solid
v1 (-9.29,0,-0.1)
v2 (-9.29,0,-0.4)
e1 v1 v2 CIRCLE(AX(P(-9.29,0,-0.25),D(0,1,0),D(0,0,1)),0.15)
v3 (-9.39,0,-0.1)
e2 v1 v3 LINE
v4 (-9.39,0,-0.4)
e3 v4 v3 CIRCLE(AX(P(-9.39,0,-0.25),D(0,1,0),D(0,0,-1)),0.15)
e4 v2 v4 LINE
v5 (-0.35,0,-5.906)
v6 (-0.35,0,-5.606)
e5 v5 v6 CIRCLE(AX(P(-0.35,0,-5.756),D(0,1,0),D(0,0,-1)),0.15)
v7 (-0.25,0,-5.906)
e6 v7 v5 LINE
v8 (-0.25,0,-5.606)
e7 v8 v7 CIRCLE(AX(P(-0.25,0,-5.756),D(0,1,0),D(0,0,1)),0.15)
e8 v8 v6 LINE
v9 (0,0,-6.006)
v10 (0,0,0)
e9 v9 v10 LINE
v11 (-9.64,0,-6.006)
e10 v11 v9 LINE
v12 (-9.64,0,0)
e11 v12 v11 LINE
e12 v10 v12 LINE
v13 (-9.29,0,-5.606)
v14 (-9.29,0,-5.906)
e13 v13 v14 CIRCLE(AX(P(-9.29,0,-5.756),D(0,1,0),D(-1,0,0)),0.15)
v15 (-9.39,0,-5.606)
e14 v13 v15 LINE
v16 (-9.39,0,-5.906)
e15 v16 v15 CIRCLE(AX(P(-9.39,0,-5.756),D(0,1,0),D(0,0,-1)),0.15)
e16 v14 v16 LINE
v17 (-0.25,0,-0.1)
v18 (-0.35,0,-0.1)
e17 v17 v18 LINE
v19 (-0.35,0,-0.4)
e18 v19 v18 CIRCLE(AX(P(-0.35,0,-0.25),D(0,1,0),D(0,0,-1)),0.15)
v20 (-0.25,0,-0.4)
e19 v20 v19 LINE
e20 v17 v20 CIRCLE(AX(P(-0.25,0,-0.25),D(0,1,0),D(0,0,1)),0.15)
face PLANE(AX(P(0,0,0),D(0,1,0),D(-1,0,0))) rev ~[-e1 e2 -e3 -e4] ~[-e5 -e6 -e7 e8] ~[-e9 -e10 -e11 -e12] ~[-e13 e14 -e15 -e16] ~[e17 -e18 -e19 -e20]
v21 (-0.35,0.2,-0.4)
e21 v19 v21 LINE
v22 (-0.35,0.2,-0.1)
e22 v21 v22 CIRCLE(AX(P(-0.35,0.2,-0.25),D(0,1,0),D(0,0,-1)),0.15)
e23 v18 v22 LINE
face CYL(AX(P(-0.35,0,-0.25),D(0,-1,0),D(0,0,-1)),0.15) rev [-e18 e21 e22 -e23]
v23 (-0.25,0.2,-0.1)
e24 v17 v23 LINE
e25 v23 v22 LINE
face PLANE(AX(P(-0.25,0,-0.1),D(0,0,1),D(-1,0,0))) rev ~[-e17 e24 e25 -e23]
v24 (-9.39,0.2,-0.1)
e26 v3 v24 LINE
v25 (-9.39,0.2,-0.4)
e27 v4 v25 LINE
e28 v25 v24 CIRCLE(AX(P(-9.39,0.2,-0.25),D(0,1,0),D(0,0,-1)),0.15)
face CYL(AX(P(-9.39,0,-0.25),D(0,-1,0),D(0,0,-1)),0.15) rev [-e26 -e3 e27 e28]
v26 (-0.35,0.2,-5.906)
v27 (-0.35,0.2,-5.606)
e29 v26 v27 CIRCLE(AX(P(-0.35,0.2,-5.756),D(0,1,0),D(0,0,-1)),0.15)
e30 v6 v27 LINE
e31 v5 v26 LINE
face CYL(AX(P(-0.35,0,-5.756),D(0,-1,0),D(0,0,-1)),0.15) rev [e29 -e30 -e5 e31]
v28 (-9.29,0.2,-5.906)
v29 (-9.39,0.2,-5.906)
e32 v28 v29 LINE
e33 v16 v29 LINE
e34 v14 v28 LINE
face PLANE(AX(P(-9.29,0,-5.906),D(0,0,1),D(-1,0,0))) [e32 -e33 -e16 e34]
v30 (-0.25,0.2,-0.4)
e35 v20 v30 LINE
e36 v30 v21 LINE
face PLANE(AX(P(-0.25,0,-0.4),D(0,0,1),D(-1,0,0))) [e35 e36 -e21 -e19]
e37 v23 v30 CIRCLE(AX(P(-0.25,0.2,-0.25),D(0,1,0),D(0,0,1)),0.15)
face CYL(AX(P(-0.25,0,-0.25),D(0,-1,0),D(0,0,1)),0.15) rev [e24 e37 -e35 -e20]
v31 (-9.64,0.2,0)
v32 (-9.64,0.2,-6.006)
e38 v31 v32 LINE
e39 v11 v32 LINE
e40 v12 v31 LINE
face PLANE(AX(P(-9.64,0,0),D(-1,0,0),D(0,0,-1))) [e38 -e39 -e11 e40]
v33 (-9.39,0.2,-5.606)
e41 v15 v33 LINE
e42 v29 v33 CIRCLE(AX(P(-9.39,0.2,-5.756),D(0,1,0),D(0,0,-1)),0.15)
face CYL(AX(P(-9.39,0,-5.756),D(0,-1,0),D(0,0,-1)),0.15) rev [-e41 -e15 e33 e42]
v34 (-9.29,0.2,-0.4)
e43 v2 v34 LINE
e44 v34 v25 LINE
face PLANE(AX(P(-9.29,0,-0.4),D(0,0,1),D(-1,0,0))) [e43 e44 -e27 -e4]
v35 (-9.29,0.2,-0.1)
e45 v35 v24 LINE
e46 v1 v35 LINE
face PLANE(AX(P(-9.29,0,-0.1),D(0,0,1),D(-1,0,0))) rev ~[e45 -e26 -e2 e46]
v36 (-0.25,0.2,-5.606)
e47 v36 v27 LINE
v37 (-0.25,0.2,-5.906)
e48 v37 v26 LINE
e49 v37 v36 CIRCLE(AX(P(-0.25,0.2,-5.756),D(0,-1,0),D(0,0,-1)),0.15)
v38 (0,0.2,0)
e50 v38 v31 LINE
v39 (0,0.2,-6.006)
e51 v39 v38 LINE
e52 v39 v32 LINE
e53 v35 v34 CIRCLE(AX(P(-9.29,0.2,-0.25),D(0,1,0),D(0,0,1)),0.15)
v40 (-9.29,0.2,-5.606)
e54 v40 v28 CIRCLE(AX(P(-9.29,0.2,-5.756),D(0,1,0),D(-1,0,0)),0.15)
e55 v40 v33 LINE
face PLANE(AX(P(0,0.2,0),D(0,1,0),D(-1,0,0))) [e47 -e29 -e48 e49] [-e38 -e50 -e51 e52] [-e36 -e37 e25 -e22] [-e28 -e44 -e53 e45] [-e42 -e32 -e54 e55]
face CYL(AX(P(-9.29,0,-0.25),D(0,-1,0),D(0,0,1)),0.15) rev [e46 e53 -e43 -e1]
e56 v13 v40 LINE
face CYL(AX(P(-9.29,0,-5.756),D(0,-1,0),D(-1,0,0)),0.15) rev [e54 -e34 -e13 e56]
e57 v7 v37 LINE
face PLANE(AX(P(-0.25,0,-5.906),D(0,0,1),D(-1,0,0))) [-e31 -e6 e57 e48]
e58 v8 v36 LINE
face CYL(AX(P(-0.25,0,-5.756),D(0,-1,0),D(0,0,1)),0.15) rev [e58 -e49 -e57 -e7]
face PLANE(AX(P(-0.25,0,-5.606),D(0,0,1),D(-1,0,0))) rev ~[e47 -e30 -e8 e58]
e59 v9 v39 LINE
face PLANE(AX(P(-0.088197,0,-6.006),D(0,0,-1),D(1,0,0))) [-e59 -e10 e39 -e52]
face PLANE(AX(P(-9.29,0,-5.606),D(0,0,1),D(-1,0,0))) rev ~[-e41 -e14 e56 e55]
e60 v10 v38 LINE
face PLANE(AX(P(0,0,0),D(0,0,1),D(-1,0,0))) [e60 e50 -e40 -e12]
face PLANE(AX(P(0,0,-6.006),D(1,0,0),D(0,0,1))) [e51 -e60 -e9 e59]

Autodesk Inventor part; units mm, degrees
ref_plane "YZ Plane" through (0, 0, 0) normal (1, 0, 0) x (0, 1, 0)
ref_plane "XZ Plane" through (0, 0, 0) normal (0, 1, 0) x (-1, 0, 0)
sketch "Boceto6" plane through (0, 0, 0) normal (0, 1, 0) x (-1, 0, 0)
  line L0 (0, 0) -> (9.64, 0)
  line L1 (9.64, 0) -> (9.64, -6.006)
  line L2 (9.64, -6.006) -> (0, -6.006)
  line L3 (0, -6.006) -> (0, 0)
  arc A0 (0.25, -0.1) -> (0.25, -0.4) centre (0.25, -0.25) ccw
  arc A1 (0.35, -0.4) -> (0.35, -0.1) centre (0.35, -0.25) ccw
  line L4 (0.25, -0.4) -> (0.35, -0.4)
  line L5 (0.25, -0.1) -> (0.35, -0.1)
  arc A2 (9.29, -0.1) -> (9.29, -0.4) centre (9.29, -0.25) ccw
  arc A3 (9.39, -0.4) -> (9.39, -0.1) centre (9.39, -0.25) ccw
  line L6 (9.29, -0.4) -> (9.39, -0.4)
  line L7 (9.29, -0.1) -> (9.39, -0.1)
  arc A4 (0.25, -5.906) -> (0.25, -5.906) centre (0.25, -5.946) ccw
  arc A5 (0.35, -5.906) -> (0.35, -5.906) centre (0.2, -5.906) ccw
  line L8 (0.25, -5.906) -> (0.35, -5.906)
  line L9 (0.25, -5.906) -> (0.35, -5.906)
  arc A6 (9.29, -5.906) -> (9.29, -5.906) centre (9.29, -5.756) ccw
  arc A7 (9.39, -5.906) -> (9.39, -5.906) centre (9.39, -5.946) ccw
  line L10 (9.29, -5.906) -> (9.39, -5.906)
  line L11 (9.29, -5.906) -> (9.39, -5.906)
  arc A8 (0.25, -5.606) -> (0.25, -5.906) centre (0.25, -5.756) ccw
  arc A9 (0.35, -5.906) -> (0.35, -5.606) centre (0.35, -5.756) ccw
  line L12 (0.25, -5.906) -> (0.35, -5.906)
  line L13 (0.25, -5.606) -> (0.35, -5.606)
  arc A10 (9.29, -5.606) -> (9.29, -5.906) centre (9.29, -5.756) ccw
  arc A11 (9.39, -5.906) -> (9.39, -5.606) centre (9.39, -5.756) ccw
  line L14 (9.29, -5.906) -> (9.39, -5.906)
  line L15 (9.29, -5.606) -> (9.39, -5.606)
  dimension "d33" = 9.64
  dimension "d34" = 0.25
  dimension "d35" = 0.1
  dimension "d36" = 0.25
  dimension "d37" = 0.25
  dimension "d41" = 6.006
  dimension "d42" = 0.1
  dimension "d43" = 0.1
  dimension "d44" = 0.1
  dimension "d45" = 0.1
extrude "Extrusión4" add sketch "Boceto6" along normal blind 0.2 contours L0 L1 L2 A5 A9 L13 A8 L3 | A4 | A5 A8 L8 L2 | A7
sketch "Boceto7" plane through (0, 0.2, 0) normal (0, 1, 0) x (1, 0, 0)
  line L0 (-9.29, 0.1) -> (-9.39, 0.1) projected
  arc A0 (-9.39, 0.4) -> (-9.39, 0.1) centre (-9.39, 0.25) ccw projected
  line L1 (-9.39, 0.4) -> (-9.29, 0.4) projected
  arc A1 (-9.29, 0.1) -> (-9.29, 0.4) centre (-9.29, 0.25) ccw projected
  line L2 (-0.25, 0.1) -> (-0.35, 0.1) projected
  arc A2 (-0.35, 0.4) -> (-0.35, 0.1) centre (-0.35, 0.25) ccw projected
  line L3 (-0.35, 0.4) -> (-0.25, 0.4) projected
  arc A3 (-0.25, 0.1) -> (-0.25, 0.4) centre (-0.25, 0.25) ccw projected
  line L4 (-9.64, 0) -> (0, 0) projected
  line L5 (0, 0) -> (0, 6.006) projected
  line L6 (0, 6.006) -> (-9.64, 6.006) projected
  line L7 (-9.64, 6.006) -> (-9.64, 0) projected
  line L8 (-9.64, 6.006) -> (0, 6.006) projected
  line L9 (0, 0) -> (0, 6.006) projected
  line L10 (-0.8, 5.546) -> (-0.8, 0.65)
  line L11 (-0.8, 0.65) -> (-8.74, 0.65)
  line L12 (-8.74, 0.65) -> (-8.74, 5.546)
  line L13 (-8.74, 5.546) -> (-0.8, 5.546)
  dimension "d39" = 7.94
  dimension "d40" = 0.8
extrude "Extrusión5" cut sketch "Boceto7" along normal blind 0.4 contours L10 L11 L12 L13
ref_plane "Plano de trabajo2" through (0, 2.3, 0) normal (0, 1, 0) x (1, 0, 0)
sketch "Boceto9" plane through (0, 2.3, 0) normal (0, 1, 0) x (1, 0, 0)
  line L0 (-8.9922, 5.6013) -> (-0.8, 5.6013) construction
  line L1 (-0.8, 5.6013) -> (-0.8, 0.65) construction
  line L2 (-0.8, 0.65) -> (-8.9922, 0.65) construction
  line L3 (-8.9922, 0.65) -> (-8.9922, 5.6013) construction
  line L4 (-0.8, 5.546) -> (-8.74, 5.546) projected
  line L5 (-8.74, 5.546) -> (-8.74, 0.65) projected
  line L6 (-8.74, 0.65) -> (-0.8, 0.65) projected
  line L7 (-0.8, 0.65) -> (-0.8, 5.546) projected
  point P0 (0, 0)
decal "Calcomanía1"
properties part number "screen"
